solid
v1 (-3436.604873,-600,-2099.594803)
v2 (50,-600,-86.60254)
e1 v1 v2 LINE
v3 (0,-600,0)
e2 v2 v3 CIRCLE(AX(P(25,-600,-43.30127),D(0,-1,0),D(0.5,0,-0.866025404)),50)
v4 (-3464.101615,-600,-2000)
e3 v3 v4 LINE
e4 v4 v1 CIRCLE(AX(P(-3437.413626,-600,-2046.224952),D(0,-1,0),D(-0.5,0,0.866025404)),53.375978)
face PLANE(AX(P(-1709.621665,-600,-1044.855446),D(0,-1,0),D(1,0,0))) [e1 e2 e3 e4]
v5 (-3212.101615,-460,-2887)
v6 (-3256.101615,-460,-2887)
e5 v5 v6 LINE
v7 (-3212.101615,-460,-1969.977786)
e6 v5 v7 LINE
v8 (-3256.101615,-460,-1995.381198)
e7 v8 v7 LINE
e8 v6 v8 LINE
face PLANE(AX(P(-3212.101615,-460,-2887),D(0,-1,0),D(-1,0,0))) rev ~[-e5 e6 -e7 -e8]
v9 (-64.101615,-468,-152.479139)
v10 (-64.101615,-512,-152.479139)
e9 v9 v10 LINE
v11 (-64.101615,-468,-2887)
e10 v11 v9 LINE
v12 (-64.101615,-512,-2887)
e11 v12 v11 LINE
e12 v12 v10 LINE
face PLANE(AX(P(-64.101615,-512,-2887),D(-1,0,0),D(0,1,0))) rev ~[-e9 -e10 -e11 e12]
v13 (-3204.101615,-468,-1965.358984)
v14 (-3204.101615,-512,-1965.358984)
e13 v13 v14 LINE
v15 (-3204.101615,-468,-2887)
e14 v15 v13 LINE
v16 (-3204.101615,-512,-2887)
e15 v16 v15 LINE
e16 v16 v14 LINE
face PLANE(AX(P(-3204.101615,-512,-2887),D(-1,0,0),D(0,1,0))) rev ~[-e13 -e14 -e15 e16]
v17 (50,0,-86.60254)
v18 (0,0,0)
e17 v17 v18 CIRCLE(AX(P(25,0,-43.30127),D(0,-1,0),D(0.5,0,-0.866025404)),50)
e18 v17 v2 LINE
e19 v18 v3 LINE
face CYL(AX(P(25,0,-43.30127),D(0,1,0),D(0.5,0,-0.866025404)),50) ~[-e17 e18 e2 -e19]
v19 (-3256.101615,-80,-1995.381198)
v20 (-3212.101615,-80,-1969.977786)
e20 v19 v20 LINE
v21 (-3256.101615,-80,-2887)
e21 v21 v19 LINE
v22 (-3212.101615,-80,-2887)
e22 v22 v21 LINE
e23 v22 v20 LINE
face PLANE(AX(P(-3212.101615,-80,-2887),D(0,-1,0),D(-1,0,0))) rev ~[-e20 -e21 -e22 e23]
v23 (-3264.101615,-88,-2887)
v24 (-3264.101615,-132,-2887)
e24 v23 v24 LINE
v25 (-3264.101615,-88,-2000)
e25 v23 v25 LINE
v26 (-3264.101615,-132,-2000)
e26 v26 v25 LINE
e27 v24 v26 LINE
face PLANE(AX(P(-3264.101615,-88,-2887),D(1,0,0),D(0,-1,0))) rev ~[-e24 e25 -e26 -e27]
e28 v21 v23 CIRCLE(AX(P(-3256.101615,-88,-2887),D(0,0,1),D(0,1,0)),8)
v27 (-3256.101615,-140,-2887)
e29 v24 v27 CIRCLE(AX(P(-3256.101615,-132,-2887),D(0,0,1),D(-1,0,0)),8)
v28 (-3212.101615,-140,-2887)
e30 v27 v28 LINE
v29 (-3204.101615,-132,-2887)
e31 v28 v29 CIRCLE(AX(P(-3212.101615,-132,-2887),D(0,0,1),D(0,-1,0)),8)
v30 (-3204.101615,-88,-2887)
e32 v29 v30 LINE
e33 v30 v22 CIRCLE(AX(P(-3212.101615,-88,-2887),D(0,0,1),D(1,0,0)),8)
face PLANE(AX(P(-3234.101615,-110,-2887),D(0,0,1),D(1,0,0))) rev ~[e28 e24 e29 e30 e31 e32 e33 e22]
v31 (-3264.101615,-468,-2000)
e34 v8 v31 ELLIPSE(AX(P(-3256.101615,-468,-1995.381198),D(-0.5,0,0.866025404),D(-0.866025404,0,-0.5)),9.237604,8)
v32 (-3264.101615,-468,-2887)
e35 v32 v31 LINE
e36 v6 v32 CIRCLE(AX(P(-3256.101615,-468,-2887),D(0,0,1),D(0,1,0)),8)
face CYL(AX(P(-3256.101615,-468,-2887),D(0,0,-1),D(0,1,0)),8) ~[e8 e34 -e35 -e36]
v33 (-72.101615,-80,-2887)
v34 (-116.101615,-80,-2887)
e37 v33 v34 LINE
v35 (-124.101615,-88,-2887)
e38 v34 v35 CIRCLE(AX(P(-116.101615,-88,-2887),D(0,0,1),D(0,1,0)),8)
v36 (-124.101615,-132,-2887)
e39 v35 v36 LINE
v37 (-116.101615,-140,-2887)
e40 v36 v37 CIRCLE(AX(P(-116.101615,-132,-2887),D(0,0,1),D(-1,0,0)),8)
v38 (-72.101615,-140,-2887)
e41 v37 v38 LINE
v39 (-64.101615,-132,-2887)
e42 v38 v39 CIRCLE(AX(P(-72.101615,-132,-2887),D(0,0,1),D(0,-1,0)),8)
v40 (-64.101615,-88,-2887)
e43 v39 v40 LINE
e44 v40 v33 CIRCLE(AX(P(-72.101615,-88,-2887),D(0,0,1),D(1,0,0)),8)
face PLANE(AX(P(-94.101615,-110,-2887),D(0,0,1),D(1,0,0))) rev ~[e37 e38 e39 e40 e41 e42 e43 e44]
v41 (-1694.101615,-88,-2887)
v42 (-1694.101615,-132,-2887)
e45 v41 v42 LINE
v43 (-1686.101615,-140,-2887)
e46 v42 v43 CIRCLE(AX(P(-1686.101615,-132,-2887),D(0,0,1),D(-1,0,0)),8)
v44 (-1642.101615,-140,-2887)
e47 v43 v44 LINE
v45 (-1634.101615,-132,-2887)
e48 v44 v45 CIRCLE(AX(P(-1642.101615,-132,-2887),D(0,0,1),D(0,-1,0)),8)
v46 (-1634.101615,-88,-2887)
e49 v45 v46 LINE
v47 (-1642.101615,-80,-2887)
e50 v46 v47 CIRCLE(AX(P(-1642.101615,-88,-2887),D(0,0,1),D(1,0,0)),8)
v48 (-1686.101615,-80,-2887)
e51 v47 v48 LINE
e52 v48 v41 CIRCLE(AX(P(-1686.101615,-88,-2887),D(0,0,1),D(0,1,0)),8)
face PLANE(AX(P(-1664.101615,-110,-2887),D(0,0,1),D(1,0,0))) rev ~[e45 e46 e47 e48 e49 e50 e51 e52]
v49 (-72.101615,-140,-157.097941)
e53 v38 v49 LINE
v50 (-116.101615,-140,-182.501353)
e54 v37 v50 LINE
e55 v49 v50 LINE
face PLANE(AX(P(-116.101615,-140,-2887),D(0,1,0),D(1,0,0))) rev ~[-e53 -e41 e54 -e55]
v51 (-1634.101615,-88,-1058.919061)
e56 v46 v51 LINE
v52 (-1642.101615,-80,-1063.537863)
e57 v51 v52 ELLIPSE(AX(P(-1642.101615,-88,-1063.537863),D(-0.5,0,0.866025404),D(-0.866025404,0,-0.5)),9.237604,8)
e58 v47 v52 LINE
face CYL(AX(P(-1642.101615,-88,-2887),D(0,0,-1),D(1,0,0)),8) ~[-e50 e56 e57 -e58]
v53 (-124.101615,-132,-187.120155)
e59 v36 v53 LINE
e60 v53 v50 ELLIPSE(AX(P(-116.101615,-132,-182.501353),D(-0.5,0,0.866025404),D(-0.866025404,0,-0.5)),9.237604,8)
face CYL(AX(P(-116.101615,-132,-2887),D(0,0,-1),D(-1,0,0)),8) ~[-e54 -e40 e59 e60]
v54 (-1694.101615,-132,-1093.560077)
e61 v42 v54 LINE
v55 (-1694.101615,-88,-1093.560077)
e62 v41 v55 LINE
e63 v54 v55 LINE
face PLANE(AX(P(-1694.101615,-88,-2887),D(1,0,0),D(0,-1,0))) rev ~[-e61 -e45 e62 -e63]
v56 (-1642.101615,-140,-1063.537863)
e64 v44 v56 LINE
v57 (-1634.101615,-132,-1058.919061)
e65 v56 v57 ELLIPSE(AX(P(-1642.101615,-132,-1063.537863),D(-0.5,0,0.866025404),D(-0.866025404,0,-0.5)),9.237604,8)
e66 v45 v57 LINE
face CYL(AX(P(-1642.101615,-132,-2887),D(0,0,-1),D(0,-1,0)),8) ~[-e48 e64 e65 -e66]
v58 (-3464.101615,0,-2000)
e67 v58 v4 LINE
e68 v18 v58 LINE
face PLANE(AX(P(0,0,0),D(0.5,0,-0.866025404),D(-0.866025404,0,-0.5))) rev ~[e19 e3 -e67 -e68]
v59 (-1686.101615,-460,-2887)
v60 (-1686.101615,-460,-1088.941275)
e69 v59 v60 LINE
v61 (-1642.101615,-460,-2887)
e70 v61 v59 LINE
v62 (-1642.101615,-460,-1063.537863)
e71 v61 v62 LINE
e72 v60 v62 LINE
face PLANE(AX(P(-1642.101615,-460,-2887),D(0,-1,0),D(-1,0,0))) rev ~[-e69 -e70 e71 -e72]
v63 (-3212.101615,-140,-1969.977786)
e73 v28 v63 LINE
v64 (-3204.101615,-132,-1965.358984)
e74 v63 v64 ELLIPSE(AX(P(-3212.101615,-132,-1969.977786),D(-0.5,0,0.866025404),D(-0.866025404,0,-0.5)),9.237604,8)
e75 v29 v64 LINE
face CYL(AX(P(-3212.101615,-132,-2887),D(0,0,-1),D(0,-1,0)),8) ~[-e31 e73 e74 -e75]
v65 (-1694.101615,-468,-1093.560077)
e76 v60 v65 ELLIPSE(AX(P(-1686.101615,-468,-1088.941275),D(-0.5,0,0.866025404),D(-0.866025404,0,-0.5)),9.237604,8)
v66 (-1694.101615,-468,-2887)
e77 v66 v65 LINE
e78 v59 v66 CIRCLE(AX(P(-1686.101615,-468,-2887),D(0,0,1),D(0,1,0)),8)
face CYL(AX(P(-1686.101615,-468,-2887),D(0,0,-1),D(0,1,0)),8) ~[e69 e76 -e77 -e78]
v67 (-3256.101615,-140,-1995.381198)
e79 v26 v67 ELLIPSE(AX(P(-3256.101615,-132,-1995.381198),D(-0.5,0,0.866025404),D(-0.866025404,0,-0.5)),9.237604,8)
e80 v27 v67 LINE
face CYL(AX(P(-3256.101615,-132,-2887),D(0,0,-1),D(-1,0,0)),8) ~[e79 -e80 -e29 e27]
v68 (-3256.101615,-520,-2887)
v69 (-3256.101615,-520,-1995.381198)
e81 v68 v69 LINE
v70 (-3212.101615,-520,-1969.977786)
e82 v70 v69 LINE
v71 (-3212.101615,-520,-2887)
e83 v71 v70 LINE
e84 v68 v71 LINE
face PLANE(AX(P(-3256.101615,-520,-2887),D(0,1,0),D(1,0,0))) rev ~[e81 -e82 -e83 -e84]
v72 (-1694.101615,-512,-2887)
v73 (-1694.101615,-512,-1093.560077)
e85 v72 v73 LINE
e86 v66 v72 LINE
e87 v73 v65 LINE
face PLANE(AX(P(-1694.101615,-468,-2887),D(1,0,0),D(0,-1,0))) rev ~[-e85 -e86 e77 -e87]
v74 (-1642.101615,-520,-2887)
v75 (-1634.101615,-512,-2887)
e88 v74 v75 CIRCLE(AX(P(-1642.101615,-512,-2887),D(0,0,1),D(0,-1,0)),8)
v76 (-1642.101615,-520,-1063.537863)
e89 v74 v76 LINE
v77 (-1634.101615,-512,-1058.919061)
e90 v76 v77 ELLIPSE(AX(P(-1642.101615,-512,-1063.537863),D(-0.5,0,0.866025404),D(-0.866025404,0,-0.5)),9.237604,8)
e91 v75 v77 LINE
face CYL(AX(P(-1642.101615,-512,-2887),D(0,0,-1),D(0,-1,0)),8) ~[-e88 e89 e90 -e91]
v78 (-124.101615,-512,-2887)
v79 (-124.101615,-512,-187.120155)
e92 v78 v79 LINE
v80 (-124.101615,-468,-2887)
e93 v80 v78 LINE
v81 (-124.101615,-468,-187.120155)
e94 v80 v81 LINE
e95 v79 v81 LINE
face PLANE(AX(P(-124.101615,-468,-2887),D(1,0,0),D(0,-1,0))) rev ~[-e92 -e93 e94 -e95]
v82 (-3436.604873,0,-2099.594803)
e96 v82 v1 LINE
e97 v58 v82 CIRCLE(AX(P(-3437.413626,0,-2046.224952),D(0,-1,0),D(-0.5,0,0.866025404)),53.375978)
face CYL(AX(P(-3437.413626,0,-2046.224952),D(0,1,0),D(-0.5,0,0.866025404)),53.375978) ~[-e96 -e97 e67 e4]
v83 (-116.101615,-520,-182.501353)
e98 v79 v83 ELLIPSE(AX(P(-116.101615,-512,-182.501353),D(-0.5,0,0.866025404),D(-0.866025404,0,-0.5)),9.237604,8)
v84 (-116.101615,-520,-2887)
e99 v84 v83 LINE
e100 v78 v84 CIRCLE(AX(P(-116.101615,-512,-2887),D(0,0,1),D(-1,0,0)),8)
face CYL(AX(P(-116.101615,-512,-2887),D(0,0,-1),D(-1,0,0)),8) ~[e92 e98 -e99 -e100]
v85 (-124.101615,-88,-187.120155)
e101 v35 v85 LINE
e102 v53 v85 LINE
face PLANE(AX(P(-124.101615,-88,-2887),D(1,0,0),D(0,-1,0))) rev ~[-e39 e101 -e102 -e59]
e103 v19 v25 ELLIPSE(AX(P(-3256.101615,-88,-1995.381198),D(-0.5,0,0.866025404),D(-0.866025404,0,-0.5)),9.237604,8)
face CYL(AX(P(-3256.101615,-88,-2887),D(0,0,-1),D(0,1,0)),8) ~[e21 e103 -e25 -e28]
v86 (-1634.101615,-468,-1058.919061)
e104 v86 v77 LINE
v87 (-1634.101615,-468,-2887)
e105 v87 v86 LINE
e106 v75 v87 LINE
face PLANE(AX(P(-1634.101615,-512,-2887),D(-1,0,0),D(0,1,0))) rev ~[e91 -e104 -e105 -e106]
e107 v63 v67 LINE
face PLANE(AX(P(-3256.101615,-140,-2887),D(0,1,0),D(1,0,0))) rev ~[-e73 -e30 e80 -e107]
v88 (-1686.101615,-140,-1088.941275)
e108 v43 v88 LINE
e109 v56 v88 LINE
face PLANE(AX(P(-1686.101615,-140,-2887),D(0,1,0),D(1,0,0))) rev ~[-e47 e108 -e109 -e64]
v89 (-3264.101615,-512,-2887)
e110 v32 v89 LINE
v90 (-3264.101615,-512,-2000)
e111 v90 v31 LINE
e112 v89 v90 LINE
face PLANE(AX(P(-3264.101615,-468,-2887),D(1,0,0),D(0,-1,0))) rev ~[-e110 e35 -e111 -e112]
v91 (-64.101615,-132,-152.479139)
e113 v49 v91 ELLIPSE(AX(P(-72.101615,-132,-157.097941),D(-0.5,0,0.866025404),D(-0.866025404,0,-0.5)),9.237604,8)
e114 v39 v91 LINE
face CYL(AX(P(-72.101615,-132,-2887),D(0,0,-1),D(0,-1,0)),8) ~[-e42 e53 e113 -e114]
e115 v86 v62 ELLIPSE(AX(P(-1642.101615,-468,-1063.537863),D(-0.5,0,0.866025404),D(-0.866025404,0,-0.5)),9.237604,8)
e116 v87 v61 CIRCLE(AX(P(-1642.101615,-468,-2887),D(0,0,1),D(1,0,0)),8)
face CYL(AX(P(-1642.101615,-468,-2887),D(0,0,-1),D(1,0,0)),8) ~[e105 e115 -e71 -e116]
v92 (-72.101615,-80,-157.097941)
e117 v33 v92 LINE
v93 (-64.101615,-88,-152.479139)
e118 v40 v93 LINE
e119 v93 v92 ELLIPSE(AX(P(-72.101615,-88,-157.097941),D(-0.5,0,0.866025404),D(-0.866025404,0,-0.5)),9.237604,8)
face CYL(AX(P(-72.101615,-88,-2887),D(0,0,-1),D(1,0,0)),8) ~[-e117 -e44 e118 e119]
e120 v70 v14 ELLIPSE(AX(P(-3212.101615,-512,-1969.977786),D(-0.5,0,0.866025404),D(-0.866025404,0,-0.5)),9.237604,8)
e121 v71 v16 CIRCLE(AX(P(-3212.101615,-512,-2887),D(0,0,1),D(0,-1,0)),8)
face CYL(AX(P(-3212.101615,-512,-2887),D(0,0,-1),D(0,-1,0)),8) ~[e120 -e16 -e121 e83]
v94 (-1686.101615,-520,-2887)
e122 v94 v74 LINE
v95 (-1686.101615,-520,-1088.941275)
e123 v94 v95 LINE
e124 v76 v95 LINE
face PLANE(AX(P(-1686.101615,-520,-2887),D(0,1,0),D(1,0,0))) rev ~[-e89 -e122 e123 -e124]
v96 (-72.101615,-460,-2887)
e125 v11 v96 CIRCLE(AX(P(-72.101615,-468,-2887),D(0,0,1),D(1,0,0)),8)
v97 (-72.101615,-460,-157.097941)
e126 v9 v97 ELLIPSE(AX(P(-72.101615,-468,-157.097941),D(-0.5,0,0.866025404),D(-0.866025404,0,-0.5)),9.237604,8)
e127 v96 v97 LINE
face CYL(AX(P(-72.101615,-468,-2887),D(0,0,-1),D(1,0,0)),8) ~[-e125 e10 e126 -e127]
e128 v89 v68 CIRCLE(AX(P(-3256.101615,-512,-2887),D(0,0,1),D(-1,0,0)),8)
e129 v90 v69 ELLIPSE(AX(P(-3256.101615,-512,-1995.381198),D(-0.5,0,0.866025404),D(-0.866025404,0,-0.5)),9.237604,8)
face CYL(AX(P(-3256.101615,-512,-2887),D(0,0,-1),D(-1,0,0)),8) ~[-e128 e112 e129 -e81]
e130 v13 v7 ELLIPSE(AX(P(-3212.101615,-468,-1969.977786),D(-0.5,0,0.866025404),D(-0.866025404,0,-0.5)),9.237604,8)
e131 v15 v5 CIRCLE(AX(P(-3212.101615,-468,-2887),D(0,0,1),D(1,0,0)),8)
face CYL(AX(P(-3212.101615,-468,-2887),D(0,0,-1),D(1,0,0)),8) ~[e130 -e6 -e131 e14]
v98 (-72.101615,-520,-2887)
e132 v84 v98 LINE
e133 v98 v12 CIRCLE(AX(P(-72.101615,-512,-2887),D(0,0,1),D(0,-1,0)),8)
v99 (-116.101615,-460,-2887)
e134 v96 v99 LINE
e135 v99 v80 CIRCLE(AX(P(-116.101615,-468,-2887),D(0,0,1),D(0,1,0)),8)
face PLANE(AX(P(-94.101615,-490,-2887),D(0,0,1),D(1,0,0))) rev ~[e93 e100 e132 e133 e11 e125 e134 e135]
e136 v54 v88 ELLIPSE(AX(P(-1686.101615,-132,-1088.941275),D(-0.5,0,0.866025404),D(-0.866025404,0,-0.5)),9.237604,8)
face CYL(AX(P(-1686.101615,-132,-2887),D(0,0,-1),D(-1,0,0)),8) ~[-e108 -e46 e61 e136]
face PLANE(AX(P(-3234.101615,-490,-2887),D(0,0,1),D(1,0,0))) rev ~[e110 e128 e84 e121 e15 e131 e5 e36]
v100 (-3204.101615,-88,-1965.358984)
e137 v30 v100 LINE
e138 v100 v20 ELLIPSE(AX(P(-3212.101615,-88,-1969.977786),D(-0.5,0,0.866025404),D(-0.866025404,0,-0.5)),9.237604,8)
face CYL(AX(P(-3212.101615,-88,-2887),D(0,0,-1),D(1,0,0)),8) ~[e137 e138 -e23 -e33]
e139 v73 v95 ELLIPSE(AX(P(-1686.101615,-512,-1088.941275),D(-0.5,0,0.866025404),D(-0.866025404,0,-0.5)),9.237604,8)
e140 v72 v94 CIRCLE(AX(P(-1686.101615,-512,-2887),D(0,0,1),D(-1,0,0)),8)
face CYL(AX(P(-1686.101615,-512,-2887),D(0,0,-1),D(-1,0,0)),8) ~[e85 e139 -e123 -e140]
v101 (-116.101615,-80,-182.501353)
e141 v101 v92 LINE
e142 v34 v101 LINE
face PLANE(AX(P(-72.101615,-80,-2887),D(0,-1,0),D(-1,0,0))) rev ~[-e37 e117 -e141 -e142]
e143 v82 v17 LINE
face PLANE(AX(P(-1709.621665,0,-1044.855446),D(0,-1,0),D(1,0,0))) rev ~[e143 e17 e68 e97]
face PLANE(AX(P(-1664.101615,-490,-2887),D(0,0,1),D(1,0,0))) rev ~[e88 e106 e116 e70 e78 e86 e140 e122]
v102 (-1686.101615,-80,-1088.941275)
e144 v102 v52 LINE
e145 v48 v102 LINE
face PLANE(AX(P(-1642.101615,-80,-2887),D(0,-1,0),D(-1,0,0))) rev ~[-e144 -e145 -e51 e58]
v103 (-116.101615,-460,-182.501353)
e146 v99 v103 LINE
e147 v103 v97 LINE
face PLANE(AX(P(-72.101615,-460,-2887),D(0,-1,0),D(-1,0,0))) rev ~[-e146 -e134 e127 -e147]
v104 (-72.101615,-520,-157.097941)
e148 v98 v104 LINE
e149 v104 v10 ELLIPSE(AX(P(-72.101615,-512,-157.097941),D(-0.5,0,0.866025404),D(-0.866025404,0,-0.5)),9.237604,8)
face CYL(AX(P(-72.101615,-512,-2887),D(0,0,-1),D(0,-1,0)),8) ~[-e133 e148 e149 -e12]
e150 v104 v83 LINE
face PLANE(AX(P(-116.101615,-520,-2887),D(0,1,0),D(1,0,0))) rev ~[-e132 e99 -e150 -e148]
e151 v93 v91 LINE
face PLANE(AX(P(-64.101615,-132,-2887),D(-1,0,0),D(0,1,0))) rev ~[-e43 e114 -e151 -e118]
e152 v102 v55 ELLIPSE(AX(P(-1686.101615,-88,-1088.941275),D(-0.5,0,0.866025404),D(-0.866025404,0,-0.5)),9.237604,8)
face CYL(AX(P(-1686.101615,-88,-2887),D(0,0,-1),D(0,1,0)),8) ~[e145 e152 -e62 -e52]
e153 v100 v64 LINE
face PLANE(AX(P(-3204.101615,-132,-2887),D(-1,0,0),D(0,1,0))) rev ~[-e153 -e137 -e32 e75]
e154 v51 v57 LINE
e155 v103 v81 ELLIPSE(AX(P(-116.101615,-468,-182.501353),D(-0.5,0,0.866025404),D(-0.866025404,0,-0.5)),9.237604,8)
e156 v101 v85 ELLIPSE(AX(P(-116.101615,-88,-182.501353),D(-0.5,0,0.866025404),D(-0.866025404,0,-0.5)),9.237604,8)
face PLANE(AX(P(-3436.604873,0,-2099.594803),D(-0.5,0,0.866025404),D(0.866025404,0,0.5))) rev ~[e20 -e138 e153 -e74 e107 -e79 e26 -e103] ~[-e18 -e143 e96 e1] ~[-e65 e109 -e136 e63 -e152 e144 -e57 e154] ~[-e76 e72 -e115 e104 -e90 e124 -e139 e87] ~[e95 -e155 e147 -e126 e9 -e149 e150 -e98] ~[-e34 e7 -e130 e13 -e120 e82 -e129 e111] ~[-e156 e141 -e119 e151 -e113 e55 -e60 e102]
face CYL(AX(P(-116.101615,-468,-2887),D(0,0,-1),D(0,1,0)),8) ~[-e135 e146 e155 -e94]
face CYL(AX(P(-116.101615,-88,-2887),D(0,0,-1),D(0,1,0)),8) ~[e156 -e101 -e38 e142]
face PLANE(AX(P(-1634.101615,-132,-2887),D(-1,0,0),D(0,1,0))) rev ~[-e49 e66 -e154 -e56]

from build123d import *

# Parameters (mm, degrees)
F1_DEPTH = 600


with BuildPart() as f1:
    # F0 (on Front) → F1 (new body)
    with BuildSketch(Plane.XZ):
        with BuildLine():
            ThreePointArc((-3464.1016151378, -2000), (-3488.8647185223, -2060.4298844883), (-3436.6048732973, -2099.5948025345))
            Line((-3436.6048732973, -2099.5948025345), (50, -86.6025403785))
            ThreePointArc((50, -86.6025403785), (68.3012701892, -18.3012701892), (0, 0))
            Line((0, 0), (-3464.1016151378, -2000))
        make_face()
    extrude(amount=F1_DEPTH)

    # F3 (on offset) → F4 (join, up to the next surface of F1)
    with BuildSketch(Plane.XY.offset(-2887)):
        with BuildLine():
            ThreePointArc((-3204.1016151378, -88), (-3206.4447608883, -82.3431457505), (-3212.1016151378, -80))
            Line((-3212.1016151378, -80), (-3256.1016151378, -80))
            ThreePointArc((-3256.1016151378, -80), (-3261.7584693872, -82.3431457505), (-3264.1016151378, -88))
            Line((-3264.1016151378, -88), (-3264.1016151378, -132))
            ThreePointArc((-3264.1016151378, -132), (-3261.7584693872, -137.6568542495), (-3256.1016151378, -140))
            Line((-3256.1016151378, -140), (-3212.1016151378, -140))
            ThreePointArc((-3212.1016151378, -140), (-3206.4447608883, -137.6568542495), (-3204.1016151378, -132))
            Line((-3204.1016151378, -132), (-3204.1016151378, -88))
        make_face()
        with BuildLine():
            ThreePointArc((-3204.1016151378, -468), (-3206.4447608883, -462.3431457505), (-3212.1016151378, -460))
            Line((-3212.1016151378, -460), (-3256.1016151378, -460))
            ThreePointArc((-3256.1016151378, -460), (-3261.7584693872, -462.3431457505), (-3264.1016151378, -468))
            Line((-3264.1016151378, -468), (-3264.1016151378, -512))
            ThreePointArc((-3264.1016151378, -512), (-3261.7584693872, -517.6568542495), (-3256.1016151378, -520))
            Line((-3256.1016151378, -520), (-3212.1016151378, -520))
            ThreePointArc((-3212.1016151378, -520), (-3206.4447608883, -517.6568542495), (-3204.1016151378, -512))
            Line((-3204.1016151378, -512), (-3204.1016151378, -468))
        make_face()
        with BuildLine():
            ThreePointArc((-1634.1016151378, -88), (-1636.4447608883, -82.3431457505), (-1642.1016151378, -80))
            Line((-1642.1016151378, -80), (-1686.1016151378, -80))
            ThreePointArc((-1686.1016151378, -80), (-1691.7584693872, -82.3431457505), (-1694.1016151378, -88))
            Line((-1694.1016151378, -88), (-1694.1016151378, -132))
            ThreePointArc((-1694.1016151378, -132), (-1691.7584693872, -137.6568542495), (-1686.1016151378, -140))
            Line((-1686.1016151378, -140), (-1642.1016151378, -140))
            ThreePointArc((-1642.1016151378, -140), (-1636.4447608883, -137.6568542495), (-1634.1016151378, -132))
            Line((-1634.1016151378, -132), (-1634.1016151378, -88))
        make_face()
        with BuildLine():
            ThreePointArc((-1634.1016151378, -468), (-1636.4447608883, -462.3431457505), (-1642.1016151378, -460))
            Line((-1642.1016151378, -460), (-1686.1016151378, -460))
            ThreePointArc((-1686.1016151378, -460), (-1691.7584693872, -462.3431457505), (-1694.1016151378, -468))
            Line((-1694.1016151378, -468), (-1694.1016151378, -512))
            ThreePointArc((-1694.1016151378, -512), (-1691.7584693872, -517.6568542495), (-1686.1016151378, -520))
            Line((-1686.1016151378, -520), (-1642.1016151378, -520))
            ThreePointArc((-1642.1016151378, -520), (-1636.4447608883, -517.6568542495), (-1634.1016151378, -512))
            Line((-1634.1016151378, -512), (-1634.1016151378, -468))
        make_face()
        with BuildLine():
            ThreePointArc((-64.1016151378, -88), (-66.4447608883, -82.3431457505), (-72.1016151378, -80))
            Line((-72.1016151378, -80), (-116.1016151378, -80))
            ThreePointArc((-116.1016151378, -80), (-121.7584693872, -82.3431457505), (-124.1016151378, -88))
            Line((-124.1016151378, -88), (-124.1016151378, -132))
            ThreePointArc((-124.1016151378, -132), (-121.7584693872, -137.6568542495), (-116.1016151378, -140))
            Line((-116.1016151378, -140), (-72.1016151378, -140))
            ThreePointArc((-72.1016151378, -140), (-66.4447608883, -137.6568542495), (-64.1016151378, -132))
            Line((-64.1016151378, -132), (-64.1016151378, -88))
        make_face()
        with BuildLine():
            ThreePointArc((-64.1016151378, -468), (-66.4447608883, -462.3431457505), (-72.1016151378, -460))
            Line((-72.1016151378, -460), (-116.1016151378, -460))
            ThreePointArc((-116.1016151378, -460), (-121.7584693872, -462.3431457505), (-124.1016151378, -468))
            Line((-124.1016151378, -468), (-124.1016151378, -512))
            ThreePointArc((-124.1016151378, -512), (-121.7584693872, -517.6568542495), (-116.1016151378, -520))
            Line((-116.1016151378, -520), (-72.1016151378, -520))
            ThreePointArc((-72.1016151378, -520), (-66.4447608883, -517.6568542495), (-64.1016151378, -512))
            Line((-64.1016151378, -512), (-64.1016151378, -468))
        make_face()
    extrude(until=Until.NEXT)


solid = f1.part
